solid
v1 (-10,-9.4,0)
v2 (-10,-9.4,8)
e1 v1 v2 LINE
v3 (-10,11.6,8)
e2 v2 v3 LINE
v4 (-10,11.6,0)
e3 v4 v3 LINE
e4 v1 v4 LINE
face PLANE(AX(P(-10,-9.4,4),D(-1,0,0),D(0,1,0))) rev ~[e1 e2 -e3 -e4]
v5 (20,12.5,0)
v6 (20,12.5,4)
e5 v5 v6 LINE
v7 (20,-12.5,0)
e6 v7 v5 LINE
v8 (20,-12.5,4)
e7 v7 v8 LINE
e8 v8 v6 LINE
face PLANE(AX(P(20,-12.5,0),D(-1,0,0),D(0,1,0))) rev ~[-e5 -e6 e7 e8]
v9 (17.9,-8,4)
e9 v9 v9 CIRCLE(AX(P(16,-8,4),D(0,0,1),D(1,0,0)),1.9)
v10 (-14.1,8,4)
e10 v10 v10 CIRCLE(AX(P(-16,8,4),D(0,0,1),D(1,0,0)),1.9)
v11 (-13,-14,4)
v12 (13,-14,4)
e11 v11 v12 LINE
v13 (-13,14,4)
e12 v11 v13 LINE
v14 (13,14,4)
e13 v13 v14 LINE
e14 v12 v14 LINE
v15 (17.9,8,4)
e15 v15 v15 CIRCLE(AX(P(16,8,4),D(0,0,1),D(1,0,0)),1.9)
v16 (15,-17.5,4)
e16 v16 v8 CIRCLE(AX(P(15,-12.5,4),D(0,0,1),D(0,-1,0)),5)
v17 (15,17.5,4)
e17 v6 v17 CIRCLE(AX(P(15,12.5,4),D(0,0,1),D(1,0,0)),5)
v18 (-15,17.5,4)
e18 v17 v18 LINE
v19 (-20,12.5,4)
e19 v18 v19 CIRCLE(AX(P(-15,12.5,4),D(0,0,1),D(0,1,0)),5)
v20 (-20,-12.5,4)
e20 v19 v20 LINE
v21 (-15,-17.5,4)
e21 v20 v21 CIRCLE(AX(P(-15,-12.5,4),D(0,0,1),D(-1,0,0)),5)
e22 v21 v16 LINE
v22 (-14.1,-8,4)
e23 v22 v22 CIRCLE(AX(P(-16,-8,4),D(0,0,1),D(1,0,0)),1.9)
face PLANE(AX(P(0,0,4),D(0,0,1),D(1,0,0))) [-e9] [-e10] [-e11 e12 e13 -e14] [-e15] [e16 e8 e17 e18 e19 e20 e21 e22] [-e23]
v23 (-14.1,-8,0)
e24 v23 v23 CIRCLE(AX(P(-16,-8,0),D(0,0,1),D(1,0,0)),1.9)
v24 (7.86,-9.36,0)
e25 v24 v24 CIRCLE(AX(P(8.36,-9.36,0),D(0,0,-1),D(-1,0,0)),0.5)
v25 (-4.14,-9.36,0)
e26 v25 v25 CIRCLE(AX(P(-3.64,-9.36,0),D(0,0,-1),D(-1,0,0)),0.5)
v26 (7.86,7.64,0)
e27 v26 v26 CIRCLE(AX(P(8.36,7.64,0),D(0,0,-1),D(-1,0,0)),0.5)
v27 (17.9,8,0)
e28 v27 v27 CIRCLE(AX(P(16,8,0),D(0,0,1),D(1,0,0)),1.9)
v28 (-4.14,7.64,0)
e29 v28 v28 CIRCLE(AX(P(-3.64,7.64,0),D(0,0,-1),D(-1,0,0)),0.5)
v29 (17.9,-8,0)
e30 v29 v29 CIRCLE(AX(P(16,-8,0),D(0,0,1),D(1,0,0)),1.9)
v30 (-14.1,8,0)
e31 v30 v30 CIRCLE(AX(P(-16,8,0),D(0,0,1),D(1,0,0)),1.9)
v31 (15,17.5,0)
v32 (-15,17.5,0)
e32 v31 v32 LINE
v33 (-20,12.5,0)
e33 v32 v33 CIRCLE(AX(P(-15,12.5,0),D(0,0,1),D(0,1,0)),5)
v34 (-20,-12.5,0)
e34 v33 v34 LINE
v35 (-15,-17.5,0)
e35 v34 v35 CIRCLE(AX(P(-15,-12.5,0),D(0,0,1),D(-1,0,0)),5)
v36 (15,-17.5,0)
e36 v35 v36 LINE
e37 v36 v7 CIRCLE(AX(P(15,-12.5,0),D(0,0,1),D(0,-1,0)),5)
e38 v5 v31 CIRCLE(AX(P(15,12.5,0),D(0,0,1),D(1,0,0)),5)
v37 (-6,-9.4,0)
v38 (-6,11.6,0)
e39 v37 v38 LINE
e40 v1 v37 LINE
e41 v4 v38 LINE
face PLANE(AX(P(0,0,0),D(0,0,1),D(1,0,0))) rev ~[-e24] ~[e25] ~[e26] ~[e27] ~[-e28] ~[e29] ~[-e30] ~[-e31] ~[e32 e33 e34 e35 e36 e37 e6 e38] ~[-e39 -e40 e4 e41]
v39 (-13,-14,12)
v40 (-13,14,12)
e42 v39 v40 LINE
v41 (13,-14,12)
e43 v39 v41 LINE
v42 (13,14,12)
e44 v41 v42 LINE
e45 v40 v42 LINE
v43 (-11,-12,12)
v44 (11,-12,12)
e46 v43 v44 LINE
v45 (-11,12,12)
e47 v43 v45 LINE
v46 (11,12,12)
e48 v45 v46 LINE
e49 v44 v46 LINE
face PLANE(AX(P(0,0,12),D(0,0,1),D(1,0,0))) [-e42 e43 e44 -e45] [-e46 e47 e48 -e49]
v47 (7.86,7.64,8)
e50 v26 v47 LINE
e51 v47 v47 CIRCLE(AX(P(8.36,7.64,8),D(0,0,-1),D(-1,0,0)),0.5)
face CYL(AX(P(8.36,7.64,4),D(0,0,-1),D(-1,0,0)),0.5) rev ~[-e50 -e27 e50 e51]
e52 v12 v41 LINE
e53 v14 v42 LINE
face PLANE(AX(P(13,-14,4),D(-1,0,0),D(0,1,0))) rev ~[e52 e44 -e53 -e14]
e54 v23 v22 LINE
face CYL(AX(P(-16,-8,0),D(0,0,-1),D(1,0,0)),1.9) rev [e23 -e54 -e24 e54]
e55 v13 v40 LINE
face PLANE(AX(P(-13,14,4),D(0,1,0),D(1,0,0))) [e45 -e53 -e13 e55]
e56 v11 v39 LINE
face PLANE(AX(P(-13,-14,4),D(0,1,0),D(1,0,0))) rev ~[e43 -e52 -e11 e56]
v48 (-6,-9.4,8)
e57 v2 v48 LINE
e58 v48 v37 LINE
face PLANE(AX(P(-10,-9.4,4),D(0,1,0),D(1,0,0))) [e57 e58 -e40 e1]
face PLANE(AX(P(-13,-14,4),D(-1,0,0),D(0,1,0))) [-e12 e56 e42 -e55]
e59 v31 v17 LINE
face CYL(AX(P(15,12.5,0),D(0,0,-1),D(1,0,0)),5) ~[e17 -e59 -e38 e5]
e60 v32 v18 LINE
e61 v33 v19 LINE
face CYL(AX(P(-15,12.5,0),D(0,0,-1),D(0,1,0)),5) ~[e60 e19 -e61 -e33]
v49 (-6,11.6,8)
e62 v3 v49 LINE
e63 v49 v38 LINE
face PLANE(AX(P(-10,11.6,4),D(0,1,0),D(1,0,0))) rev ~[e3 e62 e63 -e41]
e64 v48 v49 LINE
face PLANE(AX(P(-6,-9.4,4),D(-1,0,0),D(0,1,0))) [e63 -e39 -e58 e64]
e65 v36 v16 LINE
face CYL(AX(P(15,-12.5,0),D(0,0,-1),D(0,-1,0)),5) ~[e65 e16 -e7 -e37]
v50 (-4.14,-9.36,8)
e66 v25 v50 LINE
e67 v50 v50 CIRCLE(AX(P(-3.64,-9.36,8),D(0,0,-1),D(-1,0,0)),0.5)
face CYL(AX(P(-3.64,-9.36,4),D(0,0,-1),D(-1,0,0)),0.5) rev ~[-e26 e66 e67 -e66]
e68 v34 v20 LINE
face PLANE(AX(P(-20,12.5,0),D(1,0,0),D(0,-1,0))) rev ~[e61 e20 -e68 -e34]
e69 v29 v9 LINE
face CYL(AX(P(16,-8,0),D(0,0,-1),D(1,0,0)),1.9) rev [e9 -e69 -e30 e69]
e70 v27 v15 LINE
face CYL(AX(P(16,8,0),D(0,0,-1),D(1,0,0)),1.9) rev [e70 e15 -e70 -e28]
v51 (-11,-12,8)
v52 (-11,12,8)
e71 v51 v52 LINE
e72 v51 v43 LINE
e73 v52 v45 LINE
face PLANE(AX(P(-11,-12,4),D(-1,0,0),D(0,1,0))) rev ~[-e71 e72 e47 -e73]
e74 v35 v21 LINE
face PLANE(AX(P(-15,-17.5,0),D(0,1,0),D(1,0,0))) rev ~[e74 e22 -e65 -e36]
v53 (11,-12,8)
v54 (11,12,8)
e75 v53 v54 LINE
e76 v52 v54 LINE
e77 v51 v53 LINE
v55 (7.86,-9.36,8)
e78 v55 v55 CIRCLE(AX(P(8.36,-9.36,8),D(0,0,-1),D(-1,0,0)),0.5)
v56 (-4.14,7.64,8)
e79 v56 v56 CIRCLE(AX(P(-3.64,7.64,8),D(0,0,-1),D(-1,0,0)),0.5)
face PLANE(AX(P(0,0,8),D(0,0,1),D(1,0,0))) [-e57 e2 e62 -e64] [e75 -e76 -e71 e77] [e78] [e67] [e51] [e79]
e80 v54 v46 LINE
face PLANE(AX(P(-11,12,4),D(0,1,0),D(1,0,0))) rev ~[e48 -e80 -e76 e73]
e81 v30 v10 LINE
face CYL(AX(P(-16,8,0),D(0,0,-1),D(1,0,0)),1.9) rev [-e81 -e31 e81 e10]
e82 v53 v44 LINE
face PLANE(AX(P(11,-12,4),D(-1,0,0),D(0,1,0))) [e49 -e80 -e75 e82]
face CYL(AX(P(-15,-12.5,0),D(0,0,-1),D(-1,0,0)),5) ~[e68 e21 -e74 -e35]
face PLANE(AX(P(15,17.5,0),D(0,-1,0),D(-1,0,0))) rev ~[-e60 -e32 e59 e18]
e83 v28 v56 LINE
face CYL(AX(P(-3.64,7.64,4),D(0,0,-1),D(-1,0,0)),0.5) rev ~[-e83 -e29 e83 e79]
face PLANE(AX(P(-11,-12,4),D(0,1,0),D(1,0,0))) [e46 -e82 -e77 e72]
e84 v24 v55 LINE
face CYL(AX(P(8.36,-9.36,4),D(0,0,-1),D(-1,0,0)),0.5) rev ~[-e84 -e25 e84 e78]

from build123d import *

# Parameters (mm, degrees)
F0_R     = 1.9
F0_W     = 4
F0_H     = 21
F1_DEPTH = 4
F2_W     = 26
F2_H     = 28
F2_W_2   = 22
F2_H_2   = 24
F3_DEPTH = 8
F5_D     = 1
F6_DEPTH = 4


with BuildPart() as f1:
    # F0 (on Top) → F1 (new body)
    with BuildSketch(Plane.XY):
        with BuildLine():
            ThreePointArc((20, 12.5), (18.5355339059, 16.0355339059), (15, 17.5))
            Line((15, 17.5), (-15, 17.5))
            ThreePointArc((-15, 17.5), (-18.5355339059, 16.0355339059), (-20, 12.5))
            Line((-20, 12.5), (-20, -12.5))
            ThreePointArc((-20, -12.5), (-18.5355339059, -16.0355339059), (-15, -17.5))
            Line((-15, -17.5), (15, -17.5))
            ThreePointArc((15, -17.5), (18.5355339059, -16.0355339059), (20, -12.5))
            Line((20, -12.5), (20, 12.5))
        make_face()
        with Locations((-16, -8)):
            Circle(F0_R, mode=Mode.SUBTRACT)
        with Locations((16, -8)):
            Circle(F0_R, mode=Mode.SUBTRACT)
        with Locations((-16, 8)):
            Circle(F0_R, mode=Mode.SUBTRACT)
        with Locations((-8, 1.1)):
            Rectangle(F0_W, F0_H, mode=Mode.SUBTRACT)
        with Locations((16, 8)):
            Circle(F0_R, mode=Mode.SUBTRACT)
    extrude(amount=F1_DEPTH)

    # F2 (on face) → F3 (join)
    with BuildSketch(Plane.XY.offset(4)):
        Rectangle(F2_W, F2_H)
        Rectangle(F2_W_2, F2_H_2, mode=Mode.SUBTRACT)
    extrude(amount=F3_DEPTH)

    # F5 (through all)
    with Locations(Plane.XY.offset(4)):
        with Locations((-3.64, -9.36), (8.36, -9.36), (8.36, 7.64), (-3.64, 7.64)):
            Hole(F5_D / 2)

    # F6 (add): a face of the model
    f6_faces = [f1.faces().sort_by_distance(p)[0] for p in [
        (1.5074813824, -0.2034626738, 4),
    ]]
    extrude(f6_faces, amount=F6_DEPTH)


solid = f1.part
